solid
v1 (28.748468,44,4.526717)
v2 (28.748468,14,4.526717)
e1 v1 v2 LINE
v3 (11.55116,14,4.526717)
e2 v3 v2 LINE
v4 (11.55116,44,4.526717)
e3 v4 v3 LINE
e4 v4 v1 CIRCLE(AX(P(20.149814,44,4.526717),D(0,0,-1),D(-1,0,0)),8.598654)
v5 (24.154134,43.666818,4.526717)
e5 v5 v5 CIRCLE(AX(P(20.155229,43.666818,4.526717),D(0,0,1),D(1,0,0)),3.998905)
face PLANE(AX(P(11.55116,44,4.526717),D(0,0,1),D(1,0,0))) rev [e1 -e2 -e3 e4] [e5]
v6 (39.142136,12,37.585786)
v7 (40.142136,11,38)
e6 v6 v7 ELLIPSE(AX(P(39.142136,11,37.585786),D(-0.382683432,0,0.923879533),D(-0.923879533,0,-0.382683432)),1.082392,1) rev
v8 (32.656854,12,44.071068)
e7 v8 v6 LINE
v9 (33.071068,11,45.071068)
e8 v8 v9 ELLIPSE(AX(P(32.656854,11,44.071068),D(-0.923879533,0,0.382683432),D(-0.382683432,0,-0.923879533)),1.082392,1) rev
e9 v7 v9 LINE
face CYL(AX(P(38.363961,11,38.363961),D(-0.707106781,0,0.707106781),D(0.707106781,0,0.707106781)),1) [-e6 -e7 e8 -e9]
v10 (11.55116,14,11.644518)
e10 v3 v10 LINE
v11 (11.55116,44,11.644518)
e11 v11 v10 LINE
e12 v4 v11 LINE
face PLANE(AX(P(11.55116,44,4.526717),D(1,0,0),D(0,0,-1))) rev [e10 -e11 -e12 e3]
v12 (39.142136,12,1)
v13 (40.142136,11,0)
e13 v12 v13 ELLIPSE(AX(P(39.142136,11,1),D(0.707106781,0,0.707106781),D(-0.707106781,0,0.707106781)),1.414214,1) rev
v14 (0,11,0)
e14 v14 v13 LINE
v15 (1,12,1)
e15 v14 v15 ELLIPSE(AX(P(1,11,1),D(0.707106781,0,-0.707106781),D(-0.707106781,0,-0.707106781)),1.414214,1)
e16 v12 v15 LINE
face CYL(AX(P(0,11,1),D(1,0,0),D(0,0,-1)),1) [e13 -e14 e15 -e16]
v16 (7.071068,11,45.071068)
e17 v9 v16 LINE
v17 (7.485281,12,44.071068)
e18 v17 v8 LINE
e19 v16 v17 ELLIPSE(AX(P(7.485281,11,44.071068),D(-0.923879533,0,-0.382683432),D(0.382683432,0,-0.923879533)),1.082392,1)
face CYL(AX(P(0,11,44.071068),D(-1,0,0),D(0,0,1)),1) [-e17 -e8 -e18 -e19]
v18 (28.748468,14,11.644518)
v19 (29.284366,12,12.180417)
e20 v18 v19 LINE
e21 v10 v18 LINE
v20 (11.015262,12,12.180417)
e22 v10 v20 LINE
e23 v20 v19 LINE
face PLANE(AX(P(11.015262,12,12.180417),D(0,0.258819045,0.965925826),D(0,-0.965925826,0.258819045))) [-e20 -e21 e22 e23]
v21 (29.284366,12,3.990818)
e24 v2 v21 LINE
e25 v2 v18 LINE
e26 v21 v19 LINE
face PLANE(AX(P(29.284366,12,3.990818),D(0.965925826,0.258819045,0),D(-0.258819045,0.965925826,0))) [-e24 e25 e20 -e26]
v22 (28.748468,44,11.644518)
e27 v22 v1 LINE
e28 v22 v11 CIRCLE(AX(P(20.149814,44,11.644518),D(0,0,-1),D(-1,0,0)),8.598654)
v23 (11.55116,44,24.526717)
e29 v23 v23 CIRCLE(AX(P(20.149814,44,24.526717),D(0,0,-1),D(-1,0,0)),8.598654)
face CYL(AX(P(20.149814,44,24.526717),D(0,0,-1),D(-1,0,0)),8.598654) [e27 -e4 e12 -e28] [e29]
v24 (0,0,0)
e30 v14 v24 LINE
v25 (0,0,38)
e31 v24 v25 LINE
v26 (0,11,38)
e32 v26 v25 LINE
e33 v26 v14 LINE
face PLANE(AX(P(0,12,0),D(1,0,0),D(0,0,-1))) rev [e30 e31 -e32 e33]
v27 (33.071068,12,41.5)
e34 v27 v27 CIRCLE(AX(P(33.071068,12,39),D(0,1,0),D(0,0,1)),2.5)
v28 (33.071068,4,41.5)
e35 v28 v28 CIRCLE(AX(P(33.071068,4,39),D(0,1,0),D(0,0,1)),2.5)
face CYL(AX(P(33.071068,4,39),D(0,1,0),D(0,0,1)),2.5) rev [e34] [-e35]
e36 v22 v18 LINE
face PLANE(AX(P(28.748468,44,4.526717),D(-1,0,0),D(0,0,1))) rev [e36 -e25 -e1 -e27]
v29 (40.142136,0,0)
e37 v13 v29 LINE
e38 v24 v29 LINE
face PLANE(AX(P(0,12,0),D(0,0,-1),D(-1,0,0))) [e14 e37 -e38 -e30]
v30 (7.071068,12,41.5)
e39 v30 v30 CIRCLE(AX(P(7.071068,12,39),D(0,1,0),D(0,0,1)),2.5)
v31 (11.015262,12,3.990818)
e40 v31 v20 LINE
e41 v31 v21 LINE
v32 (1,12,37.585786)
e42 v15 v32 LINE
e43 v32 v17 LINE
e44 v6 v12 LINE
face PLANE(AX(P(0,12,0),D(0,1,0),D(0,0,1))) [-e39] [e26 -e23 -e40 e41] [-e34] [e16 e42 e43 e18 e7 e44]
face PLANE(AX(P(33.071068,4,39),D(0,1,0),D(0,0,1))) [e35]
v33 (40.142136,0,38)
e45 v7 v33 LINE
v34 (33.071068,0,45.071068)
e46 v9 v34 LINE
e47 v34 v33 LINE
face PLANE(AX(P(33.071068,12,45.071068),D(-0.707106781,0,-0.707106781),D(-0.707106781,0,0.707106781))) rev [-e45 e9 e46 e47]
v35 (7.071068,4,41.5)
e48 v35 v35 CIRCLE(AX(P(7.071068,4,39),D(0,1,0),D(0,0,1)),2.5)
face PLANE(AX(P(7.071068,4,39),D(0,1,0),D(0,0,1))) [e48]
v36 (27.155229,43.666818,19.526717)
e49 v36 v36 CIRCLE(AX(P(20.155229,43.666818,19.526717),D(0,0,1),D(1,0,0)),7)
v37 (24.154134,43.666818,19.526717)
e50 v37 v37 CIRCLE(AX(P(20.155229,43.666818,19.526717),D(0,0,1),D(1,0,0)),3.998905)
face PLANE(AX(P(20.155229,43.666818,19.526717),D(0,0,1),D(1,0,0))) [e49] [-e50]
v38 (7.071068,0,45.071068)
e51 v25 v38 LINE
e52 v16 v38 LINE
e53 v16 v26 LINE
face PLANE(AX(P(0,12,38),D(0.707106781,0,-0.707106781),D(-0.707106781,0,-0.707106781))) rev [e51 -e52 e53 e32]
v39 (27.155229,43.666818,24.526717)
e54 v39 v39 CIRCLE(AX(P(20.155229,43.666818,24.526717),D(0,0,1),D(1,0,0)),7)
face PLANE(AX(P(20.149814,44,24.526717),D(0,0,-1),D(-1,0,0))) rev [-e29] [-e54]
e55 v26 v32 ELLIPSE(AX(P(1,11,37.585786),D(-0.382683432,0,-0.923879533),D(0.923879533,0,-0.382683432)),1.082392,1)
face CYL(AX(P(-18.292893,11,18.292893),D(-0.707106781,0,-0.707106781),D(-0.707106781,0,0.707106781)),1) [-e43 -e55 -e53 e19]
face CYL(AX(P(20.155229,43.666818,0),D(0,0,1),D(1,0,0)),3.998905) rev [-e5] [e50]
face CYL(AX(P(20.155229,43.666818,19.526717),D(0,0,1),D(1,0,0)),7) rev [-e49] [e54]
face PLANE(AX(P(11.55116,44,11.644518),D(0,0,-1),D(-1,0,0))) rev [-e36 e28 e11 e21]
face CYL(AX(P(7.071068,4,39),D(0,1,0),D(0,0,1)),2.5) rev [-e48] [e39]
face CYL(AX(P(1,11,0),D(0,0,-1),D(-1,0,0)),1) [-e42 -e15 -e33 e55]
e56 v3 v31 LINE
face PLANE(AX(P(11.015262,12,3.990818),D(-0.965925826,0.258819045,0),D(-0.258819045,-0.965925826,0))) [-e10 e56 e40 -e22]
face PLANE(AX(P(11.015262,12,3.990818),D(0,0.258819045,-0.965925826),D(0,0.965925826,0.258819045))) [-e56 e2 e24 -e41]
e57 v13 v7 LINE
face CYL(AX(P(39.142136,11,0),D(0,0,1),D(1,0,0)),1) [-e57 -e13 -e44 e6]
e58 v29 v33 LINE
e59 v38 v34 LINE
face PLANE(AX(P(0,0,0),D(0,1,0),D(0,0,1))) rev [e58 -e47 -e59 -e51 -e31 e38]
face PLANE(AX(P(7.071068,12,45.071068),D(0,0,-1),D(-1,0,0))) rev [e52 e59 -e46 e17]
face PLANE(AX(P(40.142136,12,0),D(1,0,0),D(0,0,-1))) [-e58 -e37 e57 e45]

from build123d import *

# Parameters (mm, degrees)
BOSS_EXTRUDE1_DEPTH = 12
FILLET1_R           = 1
SKETCH2_W           = 18.269103957
SKETCH2_H           = 8.189598326
BOSS_EXTRUDE2_DEPTH = 2
BOSS_EXTRUDE2_TAPER = 15
SKETCH4_W           = 17.197307187
SKETCH4_H           = 7.117801556
BOSS_EXTRUDE3_DEPTH = 30
SKETCH5_R           = 2.5
CUT_EXTRUDE1_DEPTH  = 8
SKETCH6_R           = 8.598653593
BOSS_EXTRUDE4_DEPTH = 20
SKETCH7_R           = 7
SKETCH7_R_2         = 3.99890548
CUT_EXTRUDE2_DEPTH  = 5
SKETCH8_R           = 3.99890548
CUT_EXTRUDE3_DEPTH  = 71.566063032


with BuildPart() as part:
    # Sketch1 → Boss-Extrude1 (new body)
    with BuildSketch(Plane(origin=(0, 0, 0), x_dir=(1, 0, 0), z_dir=(0, 1, 0))):
        Polygon((0, -38), (7.071067812, -45.071067812), (33.071067812, -45.071067812), (40.142135624, -38), (40.142135624, 0), (0, 0), align=None)
    extrude(amount=BOSS_EXTRUDE1_DEPTH)

    # Fillet1
    fillet1_edges = [part.edges().sort_by_distance(p)[0] for p in [
        (20.071067812, 12, 45.071067812),
        (36.606601718, 12, 41.535533906),
        (40.142135624, 12, 19),
        (20.071067812, 12, 0),
        (0, 12, 19),
        (3.535533906, 12, 41.535533906),
    ]]
    fillet(fillet1_edges, radius=FILLET1_R)

    # Sketch2 → Boss-Extrude2 (add)
    with BuildSketch(Plane(origin=(0, 12, 0), x_dir=(1, 0, 0), z_dir=(0, 1, 0))):
        with Locations((20.14981395, -8.08561763)):
            Rectangle(SKETCH2_W, SKETCH2_H)
    extrude(amount=BOSS_EXTRUDE2_DEPTH, taper=BOSS_EXTRUDE2_TAPER)

    # Sketch4 → Boss-Extrude3 (add)
    with BuildSketch(Plane(origin=(0, 14, 0), x_dir=(1, 0, 0), z_dir=(0, 1, 0))):
        with Locations((20.14981395, -8.08561763)):
            Rectangle(SKETCH4_W, SKETCH4_H)
    extrude(amount=BOSS_EXTRUDE3_DEPTH)

    # Sketch5 → Cut-Extrude1 (cut)
    with BuildSketch(Plane(origin=(0, 12, 0), x_dir=(1, 0, 0), z_dir=(0, 1, 0))):
        with Locations(Location((33.071067812, -39, 0), (0, 0, 270))):
            Circle(SKETCH5_R)
        with Locations(Location((7.071067812, -39, 0), (0, 0, 270))):
            Circle(SKETCH5_R)
    extrude(amount=-CUT_EXTRUDE1_DEPTH, mode=Mode.SUBTRACT)

    # Sketch6 → Boss-Extrude4 (add)
    with BuildSketch(Plane(origin=(0, 0, 4.526716852), x_dir=(-1, 0, 0), z_dir=(0, 0, -1))):
        with Locations((-20.14981395, 44)):
            Circle(SKETCH6_R)
    extrude(amount=-BOSS_EXTRUDE4_DEPTH)

    # Sketch7 → Cut-Extrude2 (cut)
    with BuildSketch(Plane.XY.offset(24.526716852)):
        with Locations((20.155228961, 43.666817717)):
            Circle(SKETCH7_R)
        with Locations((20.155228961, 43.666817717)):
            Circle(SKETCH7_R_2, mode=Mode.SUBTRACT)
    extrude(amount=-CUT_EXTRUDE2_DEPTH, mode=Mode.SUBTRACT)

    # Sketch8 → Cut-Extrude3 (cut, through all)
    with BuildSketch(Plane.XY.offset(24.526716852)):
        with Locations((20.155228961, 43.666817717)):
            Circle(SKETCH8_R)
    extrude(amount=-CUT_EXTRUDE3_DEPTH, mode=Mode.SUBTRACT)


solid = part.part
